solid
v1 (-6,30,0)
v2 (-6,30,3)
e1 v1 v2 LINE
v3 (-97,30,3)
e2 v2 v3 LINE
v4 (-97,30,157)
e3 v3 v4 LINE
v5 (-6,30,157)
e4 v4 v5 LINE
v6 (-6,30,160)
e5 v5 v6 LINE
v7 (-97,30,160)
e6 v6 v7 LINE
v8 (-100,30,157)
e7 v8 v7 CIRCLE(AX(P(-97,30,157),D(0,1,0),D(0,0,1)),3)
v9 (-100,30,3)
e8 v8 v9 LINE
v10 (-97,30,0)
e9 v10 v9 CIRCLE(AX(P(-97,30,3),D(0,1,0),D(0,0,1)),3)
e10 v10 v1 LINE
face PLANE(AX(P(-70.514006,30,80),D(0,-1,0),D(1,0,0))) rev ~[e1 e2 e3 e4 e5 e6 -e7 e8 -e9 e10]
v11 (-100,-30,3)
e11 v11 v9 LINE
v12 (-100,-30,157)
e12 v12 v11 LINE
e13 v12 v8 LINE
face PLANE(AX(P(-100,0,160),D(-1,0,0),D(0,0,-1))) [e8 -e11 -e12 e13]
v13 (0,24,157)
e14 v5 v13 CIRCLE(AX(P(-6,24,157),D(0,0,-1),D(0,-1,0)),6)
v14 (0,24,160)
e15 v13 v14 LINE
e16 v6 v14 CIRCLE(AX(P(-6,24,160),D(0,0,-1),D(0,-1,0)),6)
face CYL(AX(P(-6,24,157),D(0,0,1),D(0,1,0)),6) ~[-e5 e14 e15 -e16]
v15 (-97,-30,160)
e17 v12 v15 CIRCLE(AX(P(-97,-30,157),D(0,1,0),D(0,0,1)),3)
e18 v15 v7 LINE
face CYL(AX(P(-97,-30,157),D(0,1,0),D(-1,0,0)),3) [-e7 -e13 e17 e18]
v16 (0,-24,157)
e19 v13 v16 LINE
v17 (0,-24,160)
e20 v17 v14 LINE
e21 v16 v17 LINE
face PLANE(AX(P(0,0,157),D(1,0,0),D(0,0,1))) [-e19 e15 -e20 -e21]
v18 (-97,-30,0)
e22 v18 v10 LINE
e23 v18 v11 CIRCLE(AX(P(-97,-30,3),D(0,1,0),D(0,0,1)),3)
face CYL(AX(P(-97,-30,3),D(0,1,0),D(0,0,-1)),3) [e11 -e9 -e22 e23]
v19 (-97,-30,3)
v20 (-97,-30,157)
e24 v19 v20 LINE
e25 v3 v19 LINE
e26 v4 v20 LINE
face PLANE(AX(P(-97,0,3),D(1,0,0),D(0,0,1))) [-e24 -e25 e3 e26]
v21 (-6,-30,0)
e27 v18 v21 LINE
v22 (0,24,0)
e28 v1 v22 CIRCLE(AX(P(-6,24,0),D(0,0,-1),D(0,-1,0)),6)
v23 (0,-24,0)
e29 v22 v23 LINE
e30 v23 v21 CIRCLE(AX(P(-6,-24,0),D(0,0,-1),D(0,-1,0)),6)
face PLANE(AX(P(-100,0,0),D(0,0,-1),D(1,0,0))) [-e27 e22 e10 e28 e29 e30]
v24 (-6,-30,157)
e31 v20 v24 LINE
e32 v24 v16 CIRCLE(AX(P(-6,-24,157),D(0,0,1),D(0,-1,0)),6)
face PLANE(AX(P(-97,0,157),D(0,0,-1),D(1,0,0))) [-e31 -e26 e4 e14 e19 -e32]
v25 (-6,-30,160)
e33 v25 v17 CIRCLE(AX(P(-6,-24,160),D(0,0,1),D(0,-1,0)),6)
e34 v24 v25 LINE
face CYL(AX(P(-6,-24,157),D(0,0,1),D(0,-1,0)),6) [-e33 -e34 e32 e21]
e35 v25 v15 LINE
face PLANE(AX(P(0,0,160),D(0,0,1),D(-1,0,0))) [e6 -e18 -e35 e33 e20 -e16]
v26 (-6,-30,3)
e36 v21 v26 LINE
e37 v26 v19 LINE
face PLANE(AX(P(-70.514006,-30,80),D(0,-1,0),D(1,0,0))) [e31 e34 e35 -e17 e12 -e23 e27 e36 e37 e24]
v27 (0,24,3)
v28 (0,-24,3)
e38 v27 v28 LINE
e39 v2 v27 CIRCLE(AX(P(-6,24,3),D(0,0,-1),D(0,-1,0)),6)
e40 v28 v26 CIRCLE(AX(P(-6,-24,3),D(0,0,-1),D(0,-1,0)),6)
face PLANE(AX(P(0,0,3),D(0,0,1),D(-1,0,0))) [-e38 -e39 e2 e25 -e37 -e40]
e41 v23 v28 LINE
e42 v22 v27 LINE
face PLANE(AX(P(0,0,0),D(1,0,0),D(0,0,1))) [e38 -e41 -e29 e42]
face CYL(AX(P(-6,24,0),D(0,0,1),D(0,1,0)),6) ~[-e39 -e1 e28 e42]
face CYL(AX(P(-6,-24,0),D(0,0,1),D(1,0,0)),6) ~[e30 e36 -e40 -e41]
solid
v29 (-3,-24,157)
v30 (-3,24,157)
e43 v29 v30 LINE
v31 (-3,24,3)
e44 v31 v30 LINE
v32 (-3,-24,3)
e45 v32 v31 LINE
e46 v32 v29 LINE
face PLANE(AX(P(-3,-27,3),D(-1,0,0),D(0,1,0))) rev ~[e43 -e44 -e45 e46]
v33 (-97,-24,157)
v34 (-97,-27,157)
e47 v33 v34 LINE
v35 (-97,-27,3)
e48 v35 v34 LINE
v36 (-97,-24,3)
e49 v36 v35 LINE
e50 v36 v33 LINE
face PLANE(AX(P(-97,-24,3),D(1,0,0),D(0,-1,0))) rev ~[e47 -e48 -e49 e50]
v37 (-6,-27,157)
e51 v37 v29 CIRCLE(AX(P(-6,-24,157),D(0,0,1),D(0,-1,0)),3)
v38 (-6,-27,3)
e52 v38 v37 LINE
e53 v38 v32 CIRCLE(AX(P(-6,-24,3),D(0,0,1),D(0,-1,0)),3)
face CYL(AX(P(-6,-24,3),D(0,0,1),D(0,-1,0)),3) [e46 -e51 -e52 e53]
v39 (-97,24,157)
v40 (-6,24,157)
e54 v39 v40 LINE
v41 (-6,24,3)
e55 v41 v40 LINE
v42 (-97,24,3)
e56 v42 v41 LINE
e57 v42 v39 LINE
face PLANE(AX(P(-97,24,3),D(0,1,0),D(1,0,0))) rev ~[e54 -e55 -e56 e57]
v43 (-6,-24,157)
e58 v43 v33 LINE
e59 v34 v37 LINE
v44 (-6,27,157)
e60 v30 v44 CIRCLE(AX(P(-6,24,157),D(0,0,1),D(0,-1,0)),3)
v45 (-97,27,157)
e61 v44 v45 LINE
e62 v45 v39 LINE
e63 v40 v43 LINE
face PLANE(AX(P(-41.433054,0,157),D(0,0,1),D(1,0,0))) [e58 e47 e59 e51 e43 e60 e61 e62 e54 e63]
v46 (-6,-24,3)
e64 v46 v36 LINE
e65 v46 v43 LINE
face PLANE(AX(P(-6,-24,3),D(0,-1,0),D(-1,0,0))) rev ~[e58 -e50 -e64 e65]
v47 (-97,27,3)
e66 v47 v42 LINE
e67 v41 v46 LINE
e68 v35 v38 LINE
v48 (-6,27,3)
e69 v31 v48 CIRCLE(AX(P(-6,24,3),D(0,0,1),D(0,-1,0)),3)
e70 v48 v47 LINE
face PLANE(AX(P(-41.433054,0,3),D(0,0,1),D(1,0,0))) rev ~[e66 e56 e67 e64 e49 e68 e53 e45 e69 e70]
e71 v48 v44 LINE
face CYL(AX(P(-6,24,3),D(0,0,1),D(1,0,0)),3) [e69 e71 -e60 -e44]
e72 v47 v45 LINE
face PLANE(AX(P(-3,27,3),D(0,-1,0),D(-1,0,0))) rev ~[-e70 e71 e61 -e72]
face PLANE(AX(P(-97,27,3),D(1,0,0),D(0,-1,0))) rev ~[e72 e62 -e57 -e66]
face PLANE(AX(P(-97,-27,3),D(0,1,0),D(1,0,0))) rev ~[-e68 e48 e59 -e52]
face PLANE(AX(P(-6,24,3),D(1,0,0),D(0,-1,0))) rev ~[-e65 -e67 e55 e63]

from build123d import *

# Parameters (mm, degrees)
F1_DEPTH = 30
F3_DEPTH = 154
F4_R     = 3
F4_2_R   = 3
F5_R     = 6


with BuildPart() as f1:
    # F0 (on Front) → F1 (new body, symmetric)
    with BuildSketch(Plane.XZ):
        Polygon((-100, 0), (0, 0), (0, 3), (-97, 3), (-97, 157), (0, 157), (0, 160), (-100, 160), align=None)
    extrude(amount=F1_DEPTH, both=True)

    # F4
    f4_edges = [f1.edges().sort_by_distance(p)[0] for p in [
        (-100, 0, 160),
        (-100, 0, 0),
    ]]
    fillet(f4_edges, radius=F4_R)

    # F5
    f5_edges = [f1.edges().sort_by_distance(p)[0] for p in [
        (0, -30, 158.5),
        (0, 30, 158.5),
        (0, 30, 1.5),
        (0, -30, 1.5),
    ]]
    fillet(f5_edges, radius=F5_R)


with BuildPart() as f3:
    # F2 (on face) → F3 (new body, through all)
    with BuildSketch(Plane.XY.offset(3)):
        Polygon((-97, -24), (-97, -27), (-3, -27), (-3, 27), (-97, 27), (-97, 24), (-6, 24), (-6, -24), align=None)
    extrude(amount=F3_DEPTH)

    # F4#2
    f4_2_edges = [f3.edges().sort_by_distance(p)[0] for p in [
        (-3, -27, 80),
        (-3, 27, 80),
    ]]
    fillet(f4_2_edges, radius=F4_2_R)


solid = Compound([f1.part, f3.part])
